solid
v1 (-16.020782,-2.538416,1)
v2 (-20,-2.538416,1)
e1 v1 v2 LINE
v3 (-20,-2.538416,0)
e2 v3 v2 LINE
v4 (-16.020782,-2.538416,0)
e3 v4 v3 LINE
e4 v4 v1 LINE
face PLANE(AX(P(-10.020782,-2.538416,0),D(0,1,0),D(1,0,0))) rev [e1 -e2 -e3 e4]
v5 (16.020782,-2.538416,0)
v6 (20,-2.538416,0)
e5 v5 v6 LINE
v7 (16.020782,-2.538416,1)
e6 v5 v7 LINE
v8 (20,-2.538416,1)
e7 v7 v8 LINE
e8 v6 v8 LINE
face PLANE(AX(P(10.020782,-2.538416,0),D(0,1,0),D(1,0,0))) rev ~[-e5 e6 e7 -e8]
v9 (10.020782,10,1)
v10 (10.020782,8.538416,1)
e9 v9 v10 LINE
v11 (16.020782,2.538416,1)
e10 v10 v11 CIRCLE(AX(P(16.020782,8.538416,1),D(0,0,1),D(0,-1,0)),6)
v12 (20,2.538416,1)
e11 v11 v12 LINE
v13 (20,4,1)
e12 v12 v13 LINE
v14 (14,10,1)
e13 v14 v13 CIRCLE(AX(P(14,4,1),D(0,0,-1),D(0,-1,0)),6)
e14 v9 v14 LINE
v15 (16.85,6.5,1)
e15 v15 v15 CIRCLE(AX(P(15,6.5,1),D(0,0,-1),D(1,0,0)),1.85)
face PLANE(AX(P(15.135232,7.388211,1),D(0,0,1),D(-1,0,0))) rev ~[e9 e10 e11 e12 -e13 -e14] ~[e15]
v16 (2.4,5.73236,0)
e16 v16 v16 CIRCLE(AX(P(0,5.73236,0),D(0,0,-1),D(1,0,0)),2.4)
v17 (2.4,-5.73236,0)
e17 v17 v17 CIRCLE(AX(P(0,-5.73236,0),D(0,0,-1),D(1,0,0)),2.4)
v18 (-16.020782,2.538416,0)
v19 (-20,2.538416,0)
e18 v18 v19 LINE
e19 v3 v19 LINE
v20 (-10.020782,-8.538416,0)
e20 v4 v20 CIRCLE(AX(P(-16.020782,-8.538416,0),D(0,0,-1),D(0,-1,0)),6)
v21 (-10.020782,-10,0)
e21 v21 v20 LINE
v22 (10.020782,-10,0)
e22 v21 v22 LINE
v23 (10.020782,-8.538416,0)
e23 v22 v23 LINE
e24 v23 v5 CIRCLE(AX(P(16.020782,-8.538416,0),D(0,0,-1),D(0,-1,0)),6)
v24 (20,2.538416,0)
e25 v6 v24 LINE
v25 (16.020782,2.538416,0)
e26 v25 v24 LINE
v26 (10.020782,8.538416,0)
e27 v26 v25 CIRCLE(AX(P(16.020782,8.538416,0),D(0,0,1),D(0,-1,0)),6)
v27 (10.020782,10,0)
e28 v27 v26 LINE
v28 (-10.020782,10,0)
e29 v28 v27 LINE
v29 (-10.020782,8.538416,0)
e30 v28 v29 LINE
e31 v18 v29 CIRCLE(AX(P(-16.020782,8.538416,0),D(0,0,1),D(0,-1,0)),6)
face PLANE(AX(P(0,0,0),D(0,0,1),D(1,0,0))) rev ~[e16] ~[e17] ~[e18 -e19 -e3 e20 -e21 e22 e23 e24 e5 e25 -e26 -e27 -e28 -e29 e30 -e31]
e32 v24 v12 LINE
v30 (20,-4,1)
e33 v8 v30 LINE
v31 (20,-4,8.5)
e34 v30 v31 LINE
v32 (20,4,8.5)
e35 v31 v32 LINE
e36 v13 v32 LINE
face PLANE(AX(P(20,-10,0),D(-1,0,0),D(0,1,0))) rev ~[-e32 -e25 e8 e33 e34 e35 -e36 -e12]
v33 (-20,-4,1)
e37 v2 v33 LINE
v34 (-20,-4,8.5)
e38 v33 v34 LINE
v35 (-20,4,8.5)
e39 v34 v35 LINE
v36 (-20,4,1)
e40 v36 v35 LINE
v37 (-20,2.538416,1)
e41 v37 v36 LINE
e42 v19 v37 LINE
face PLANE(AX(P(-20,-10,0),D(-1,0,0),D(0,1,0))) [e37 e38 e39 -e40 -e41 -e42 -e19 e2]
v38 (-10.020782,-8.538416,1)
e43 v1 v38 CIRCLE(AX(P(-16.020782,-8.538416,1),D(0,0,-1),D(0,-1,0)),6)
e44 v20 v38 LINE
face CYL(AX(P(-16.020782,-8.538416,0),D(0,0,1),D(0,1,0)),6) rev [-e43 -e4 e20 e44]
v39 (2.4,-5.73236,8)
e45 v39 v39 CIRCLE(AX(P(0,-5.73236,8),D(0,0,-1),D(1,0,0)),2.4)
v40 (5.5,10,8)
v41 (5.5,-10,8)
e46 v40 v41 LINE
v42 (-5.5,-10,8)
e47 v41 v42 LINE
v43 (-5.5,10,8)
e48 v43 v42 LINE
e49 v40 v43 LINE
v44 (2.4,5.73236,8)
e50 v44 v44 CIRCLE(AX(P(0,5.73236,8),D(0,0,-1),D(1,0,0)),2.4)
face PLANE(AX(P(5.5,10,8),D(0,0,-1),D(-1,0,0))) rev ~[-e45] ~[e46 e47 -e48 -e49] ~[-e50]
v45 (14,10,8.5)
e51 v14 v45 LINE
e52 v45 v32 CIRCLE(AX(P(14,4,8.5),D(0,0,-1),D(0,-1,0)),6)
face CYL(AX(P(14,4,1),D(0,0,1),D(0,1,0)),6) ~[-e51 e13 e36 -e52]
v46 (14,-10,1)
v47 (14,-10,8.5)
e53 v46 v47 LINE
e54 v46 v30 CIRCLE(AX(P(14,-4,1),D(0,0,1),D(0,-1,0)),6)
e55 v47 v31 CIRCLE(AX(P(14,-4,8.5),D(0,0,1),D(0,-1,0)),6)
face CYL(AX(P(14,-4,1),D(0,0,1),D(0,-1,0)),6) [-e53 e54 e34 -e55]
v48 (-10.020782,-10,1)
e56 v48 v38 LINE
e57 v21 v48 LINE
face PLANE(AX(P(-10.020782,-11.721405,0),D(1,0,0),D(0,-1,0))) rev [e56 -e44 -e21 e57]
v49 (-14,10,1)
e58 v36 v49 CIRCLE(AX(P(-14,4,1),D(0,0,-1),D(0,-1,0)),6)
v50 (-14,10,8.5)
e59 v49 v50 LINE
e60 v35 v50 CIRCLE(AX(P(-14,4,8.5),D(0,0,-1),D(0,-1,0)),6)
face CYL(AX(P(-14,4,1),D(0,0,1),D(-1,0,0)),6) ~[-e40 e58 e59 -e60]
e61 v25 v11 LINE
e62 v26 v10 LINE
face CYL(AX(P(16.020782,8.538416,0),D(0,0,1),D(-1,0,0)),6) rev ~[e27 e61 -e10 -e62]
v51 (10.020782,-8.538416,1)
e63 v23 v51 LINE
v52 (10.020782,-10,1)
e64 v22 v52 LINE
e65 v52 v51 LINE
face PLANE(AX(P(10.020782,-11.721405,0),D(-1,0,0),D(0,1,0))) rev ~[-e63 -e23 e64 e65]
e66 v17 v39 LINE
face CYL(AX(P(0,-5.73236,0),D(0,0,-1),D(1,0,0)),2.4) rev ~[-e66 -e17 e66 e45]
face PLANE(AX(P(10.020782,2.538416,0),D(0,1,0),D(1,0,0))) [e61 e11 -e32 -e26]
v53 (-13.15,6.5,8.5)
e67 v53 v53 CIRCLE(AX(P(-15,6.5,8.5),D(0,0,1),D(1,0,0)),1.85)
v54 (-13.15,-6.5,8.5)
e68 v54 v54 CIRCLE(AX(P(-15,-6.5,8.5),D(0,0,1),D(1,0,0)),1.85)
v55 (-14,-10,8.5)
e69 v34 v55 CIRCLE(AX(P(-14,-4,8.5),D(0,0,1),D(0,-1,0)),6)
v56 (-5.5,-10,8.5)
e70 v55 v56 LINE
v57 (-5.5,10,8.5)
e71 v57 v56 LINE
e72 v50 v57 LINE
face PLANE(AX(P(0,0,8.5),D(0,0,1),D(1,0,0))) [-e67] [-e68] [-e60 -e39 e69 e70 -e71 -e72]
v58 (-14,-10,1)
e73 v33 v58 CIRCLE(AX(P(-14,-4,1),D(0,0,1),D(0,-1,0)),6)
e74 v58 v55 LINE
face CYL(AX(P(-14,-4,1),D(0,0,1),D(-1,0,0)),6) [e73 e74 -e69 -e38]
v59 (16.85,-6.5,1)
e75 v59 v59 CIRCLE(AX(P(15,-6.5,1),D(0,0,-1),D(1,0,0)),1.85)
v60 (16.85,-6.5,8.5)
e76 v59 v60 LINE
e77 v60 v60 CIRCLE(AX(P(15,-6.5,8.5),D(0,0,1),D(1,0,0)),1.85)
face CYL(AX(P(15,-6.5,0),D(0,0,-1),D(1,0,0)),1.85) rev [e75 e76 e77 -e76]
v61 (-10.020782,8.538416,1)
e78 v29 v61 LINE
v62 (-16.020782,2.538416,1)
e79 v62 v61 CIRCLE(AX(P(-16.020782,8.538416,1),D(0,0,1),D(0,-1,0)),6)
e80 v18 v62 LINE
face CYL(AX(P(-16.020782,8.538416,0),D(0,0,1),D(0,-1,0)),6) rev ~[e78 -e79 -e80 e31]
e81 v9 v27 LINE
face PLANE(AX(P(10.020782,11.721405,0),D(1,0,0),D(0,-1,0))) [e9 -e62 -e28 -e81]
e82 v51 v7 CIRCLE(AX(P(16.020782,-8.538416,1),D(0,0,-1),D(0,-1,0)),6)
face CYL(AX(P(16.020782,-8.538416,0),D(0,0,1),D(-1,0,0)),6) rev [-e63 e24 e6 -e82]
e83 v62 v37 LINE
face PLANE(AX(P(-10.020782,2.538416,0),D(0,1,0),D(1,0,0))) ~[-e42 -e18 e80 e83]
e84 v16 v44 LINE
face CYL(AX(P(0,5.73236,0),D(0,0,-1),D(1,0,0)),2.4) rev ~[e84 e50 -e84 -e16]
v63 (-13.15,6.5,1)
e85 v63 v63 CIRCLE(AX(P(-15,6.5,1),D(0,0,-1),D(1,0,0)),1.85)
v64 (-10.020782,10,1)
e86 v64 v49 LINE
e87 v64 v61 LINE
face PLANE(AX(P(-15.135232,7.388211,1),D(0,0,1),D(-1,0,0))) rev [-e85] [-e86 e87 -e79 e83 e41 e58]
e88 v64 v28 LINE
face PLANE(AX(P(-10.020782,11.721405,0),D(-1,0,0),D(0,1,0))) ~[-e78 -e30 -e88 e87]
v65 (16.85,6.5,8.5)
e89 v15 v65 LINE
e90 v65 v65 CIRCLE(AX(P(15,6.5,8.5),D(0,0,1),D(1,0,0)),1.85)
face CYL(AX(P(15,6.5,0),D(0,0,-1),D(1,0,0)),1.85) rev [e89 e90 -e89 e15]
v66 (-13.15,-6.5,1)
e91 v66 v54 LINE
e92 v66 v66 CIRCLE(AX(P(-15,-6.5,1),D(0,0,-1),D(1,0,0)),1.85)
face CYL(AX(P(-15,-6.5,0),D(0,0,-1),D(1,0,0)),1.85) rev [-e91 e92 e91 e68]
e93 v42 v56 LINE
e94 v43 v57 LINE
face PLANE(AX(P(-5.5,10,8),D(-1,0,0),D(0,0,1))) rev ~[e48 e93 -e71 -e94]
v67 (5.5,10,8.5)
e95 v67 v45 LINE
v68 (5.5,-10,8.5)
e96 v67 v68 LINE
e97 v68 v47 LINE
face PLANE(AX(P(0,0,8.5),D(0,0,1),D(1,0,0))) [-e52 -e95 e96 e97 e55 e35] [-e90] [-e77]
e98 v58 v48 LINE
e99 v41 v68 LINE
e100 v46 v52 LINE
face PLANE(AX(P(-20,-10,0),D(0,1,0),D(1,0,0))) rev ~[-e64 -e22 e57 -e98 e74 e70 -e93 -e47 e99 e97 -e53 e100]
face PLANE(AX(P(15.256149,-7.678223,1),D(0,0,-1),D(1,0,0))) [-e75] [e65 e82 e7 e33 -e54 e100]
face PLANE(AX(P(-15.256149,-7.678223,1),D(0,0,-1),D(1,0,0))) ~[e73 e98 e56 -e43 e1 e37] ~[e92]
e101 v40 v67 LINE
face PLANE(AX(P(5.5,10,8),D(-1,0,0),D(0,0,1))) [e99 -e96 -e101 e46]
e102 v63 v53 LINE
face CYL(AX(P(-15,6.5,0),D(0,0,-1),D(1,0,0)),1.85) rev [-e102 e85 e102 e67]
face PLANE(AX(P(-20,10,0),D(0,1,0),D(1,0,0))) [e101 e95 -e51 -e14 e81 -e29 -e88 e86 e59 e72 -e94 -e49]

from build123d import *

# Parameters (mm, degrees)
SKETCH_W        = 40
SKETCH_H        = 20
SKETCH_R        = 1.85
PAD_DEPTH       = 8.5
POCKET001_DEPTH = 1
SKETCH003_R     = 2.4
POCKET_DEPTH    = 8.501
SKETCH004_W     = 11
SKETCH004_H     = 1
POCKET002_DEPTH = 20.001
FILLET_R        = 6


with BuildPart() as part:
    # Sketch → Pad (new body)
    with BuildSketch(Plane.XY):
        Rectangle(SKETCH_W, SKETCH_H)
        with Locations((-15, 6.5)):
            Circle(SKETCH_R, mode=Mode.SUBTRACT)
        with Locations((15, 6.5)):
            Circle(SKETCH_R, mode=Mode.SUBTRACT)
        with Locations((15, -6.5)):
            Circle(SKETCH_R, mode=Mode.SUBTRACT)
        with Locations((-15, -6.5)):
            Circle(SKETCH_R, mode=Mode.SUBTRACT)
    extrude(amount=PAD_DEPTH)

    # Sketch002 → Pocket001 (cut)
    with BuildSketch(Plane(origin=(0, 0, 0), x_dir=(1, 0, 0), z_dir=(0, 0, -1))):
        Polygon((20, 13.717063), (10.020782, 11.721405), (10.020782, 2.538416), (20, 2.538416), align=None)
        Polygon((10.020782, -2.538416), (20, -2.538416), (20, -12.706139), (10.020782, -11.721405), align=None)
    pocket001 = extrude(amount=-POCKET001_DEPTH, mode=Mode.SUBTRACT)

    # Mirrored: Pocket001 across Sketch002 V_Axis
    add(pocket001.mirror(Plane(origin=(0, 0, 0), x_dir=(0, 0, -1), z_dir=(1, 0, 0))), mode=Mode.SUBTRACT)

    # Sketch003 (on DatumPlane) → Pocket (cut, through all)
    with BuildSketch(Plane(origin=(0, 0, 0), x_dir=(1, 0, 0), z_dir=(0, 0, -1))):
        with Locations((0, 5.73236)):
            Circle(SKETCH003_R)
        with Locations((0, -5.73236)):
            Circle(SKETCH003_R)
    extrude(amount=-POCKET_DEPTH, mode=Mode.SUBTRACT)

    # Sketch004 (on DatumPlane) → Pocket002 (cut, through all)
    with BuildSketch(Plane(origin=(0, 10, 0), x_dir=(-1, 0, 0), z_dir=(0, 1, 0))):
        with Locations((0, 8.5)):
            Rectangle(SKETCH004_W, SKETCH004_H)
    extrude(amount=-POCKET002_DEPTH, mode=Mode.SUBTRACT)

    # Fillet
    fillet_edges = [part.edges().sort_by_distance(p)[0] for p in [
        (-10.020782, 2.538416, 0.5),
        (-10.020782, -2.538416, 0.5),
        (10.020782, -2.538416, 0.5),
        (10.020782, 2.538416, 0.5),
        (20, 10, 4.75),
        (20, -10, 4.75),
        (-20, -10, 4.75),
        (-20, 10, 4.75),
    ]]
    fillet(fillet_edges, radius=FILLET_R)


solid = part.part
